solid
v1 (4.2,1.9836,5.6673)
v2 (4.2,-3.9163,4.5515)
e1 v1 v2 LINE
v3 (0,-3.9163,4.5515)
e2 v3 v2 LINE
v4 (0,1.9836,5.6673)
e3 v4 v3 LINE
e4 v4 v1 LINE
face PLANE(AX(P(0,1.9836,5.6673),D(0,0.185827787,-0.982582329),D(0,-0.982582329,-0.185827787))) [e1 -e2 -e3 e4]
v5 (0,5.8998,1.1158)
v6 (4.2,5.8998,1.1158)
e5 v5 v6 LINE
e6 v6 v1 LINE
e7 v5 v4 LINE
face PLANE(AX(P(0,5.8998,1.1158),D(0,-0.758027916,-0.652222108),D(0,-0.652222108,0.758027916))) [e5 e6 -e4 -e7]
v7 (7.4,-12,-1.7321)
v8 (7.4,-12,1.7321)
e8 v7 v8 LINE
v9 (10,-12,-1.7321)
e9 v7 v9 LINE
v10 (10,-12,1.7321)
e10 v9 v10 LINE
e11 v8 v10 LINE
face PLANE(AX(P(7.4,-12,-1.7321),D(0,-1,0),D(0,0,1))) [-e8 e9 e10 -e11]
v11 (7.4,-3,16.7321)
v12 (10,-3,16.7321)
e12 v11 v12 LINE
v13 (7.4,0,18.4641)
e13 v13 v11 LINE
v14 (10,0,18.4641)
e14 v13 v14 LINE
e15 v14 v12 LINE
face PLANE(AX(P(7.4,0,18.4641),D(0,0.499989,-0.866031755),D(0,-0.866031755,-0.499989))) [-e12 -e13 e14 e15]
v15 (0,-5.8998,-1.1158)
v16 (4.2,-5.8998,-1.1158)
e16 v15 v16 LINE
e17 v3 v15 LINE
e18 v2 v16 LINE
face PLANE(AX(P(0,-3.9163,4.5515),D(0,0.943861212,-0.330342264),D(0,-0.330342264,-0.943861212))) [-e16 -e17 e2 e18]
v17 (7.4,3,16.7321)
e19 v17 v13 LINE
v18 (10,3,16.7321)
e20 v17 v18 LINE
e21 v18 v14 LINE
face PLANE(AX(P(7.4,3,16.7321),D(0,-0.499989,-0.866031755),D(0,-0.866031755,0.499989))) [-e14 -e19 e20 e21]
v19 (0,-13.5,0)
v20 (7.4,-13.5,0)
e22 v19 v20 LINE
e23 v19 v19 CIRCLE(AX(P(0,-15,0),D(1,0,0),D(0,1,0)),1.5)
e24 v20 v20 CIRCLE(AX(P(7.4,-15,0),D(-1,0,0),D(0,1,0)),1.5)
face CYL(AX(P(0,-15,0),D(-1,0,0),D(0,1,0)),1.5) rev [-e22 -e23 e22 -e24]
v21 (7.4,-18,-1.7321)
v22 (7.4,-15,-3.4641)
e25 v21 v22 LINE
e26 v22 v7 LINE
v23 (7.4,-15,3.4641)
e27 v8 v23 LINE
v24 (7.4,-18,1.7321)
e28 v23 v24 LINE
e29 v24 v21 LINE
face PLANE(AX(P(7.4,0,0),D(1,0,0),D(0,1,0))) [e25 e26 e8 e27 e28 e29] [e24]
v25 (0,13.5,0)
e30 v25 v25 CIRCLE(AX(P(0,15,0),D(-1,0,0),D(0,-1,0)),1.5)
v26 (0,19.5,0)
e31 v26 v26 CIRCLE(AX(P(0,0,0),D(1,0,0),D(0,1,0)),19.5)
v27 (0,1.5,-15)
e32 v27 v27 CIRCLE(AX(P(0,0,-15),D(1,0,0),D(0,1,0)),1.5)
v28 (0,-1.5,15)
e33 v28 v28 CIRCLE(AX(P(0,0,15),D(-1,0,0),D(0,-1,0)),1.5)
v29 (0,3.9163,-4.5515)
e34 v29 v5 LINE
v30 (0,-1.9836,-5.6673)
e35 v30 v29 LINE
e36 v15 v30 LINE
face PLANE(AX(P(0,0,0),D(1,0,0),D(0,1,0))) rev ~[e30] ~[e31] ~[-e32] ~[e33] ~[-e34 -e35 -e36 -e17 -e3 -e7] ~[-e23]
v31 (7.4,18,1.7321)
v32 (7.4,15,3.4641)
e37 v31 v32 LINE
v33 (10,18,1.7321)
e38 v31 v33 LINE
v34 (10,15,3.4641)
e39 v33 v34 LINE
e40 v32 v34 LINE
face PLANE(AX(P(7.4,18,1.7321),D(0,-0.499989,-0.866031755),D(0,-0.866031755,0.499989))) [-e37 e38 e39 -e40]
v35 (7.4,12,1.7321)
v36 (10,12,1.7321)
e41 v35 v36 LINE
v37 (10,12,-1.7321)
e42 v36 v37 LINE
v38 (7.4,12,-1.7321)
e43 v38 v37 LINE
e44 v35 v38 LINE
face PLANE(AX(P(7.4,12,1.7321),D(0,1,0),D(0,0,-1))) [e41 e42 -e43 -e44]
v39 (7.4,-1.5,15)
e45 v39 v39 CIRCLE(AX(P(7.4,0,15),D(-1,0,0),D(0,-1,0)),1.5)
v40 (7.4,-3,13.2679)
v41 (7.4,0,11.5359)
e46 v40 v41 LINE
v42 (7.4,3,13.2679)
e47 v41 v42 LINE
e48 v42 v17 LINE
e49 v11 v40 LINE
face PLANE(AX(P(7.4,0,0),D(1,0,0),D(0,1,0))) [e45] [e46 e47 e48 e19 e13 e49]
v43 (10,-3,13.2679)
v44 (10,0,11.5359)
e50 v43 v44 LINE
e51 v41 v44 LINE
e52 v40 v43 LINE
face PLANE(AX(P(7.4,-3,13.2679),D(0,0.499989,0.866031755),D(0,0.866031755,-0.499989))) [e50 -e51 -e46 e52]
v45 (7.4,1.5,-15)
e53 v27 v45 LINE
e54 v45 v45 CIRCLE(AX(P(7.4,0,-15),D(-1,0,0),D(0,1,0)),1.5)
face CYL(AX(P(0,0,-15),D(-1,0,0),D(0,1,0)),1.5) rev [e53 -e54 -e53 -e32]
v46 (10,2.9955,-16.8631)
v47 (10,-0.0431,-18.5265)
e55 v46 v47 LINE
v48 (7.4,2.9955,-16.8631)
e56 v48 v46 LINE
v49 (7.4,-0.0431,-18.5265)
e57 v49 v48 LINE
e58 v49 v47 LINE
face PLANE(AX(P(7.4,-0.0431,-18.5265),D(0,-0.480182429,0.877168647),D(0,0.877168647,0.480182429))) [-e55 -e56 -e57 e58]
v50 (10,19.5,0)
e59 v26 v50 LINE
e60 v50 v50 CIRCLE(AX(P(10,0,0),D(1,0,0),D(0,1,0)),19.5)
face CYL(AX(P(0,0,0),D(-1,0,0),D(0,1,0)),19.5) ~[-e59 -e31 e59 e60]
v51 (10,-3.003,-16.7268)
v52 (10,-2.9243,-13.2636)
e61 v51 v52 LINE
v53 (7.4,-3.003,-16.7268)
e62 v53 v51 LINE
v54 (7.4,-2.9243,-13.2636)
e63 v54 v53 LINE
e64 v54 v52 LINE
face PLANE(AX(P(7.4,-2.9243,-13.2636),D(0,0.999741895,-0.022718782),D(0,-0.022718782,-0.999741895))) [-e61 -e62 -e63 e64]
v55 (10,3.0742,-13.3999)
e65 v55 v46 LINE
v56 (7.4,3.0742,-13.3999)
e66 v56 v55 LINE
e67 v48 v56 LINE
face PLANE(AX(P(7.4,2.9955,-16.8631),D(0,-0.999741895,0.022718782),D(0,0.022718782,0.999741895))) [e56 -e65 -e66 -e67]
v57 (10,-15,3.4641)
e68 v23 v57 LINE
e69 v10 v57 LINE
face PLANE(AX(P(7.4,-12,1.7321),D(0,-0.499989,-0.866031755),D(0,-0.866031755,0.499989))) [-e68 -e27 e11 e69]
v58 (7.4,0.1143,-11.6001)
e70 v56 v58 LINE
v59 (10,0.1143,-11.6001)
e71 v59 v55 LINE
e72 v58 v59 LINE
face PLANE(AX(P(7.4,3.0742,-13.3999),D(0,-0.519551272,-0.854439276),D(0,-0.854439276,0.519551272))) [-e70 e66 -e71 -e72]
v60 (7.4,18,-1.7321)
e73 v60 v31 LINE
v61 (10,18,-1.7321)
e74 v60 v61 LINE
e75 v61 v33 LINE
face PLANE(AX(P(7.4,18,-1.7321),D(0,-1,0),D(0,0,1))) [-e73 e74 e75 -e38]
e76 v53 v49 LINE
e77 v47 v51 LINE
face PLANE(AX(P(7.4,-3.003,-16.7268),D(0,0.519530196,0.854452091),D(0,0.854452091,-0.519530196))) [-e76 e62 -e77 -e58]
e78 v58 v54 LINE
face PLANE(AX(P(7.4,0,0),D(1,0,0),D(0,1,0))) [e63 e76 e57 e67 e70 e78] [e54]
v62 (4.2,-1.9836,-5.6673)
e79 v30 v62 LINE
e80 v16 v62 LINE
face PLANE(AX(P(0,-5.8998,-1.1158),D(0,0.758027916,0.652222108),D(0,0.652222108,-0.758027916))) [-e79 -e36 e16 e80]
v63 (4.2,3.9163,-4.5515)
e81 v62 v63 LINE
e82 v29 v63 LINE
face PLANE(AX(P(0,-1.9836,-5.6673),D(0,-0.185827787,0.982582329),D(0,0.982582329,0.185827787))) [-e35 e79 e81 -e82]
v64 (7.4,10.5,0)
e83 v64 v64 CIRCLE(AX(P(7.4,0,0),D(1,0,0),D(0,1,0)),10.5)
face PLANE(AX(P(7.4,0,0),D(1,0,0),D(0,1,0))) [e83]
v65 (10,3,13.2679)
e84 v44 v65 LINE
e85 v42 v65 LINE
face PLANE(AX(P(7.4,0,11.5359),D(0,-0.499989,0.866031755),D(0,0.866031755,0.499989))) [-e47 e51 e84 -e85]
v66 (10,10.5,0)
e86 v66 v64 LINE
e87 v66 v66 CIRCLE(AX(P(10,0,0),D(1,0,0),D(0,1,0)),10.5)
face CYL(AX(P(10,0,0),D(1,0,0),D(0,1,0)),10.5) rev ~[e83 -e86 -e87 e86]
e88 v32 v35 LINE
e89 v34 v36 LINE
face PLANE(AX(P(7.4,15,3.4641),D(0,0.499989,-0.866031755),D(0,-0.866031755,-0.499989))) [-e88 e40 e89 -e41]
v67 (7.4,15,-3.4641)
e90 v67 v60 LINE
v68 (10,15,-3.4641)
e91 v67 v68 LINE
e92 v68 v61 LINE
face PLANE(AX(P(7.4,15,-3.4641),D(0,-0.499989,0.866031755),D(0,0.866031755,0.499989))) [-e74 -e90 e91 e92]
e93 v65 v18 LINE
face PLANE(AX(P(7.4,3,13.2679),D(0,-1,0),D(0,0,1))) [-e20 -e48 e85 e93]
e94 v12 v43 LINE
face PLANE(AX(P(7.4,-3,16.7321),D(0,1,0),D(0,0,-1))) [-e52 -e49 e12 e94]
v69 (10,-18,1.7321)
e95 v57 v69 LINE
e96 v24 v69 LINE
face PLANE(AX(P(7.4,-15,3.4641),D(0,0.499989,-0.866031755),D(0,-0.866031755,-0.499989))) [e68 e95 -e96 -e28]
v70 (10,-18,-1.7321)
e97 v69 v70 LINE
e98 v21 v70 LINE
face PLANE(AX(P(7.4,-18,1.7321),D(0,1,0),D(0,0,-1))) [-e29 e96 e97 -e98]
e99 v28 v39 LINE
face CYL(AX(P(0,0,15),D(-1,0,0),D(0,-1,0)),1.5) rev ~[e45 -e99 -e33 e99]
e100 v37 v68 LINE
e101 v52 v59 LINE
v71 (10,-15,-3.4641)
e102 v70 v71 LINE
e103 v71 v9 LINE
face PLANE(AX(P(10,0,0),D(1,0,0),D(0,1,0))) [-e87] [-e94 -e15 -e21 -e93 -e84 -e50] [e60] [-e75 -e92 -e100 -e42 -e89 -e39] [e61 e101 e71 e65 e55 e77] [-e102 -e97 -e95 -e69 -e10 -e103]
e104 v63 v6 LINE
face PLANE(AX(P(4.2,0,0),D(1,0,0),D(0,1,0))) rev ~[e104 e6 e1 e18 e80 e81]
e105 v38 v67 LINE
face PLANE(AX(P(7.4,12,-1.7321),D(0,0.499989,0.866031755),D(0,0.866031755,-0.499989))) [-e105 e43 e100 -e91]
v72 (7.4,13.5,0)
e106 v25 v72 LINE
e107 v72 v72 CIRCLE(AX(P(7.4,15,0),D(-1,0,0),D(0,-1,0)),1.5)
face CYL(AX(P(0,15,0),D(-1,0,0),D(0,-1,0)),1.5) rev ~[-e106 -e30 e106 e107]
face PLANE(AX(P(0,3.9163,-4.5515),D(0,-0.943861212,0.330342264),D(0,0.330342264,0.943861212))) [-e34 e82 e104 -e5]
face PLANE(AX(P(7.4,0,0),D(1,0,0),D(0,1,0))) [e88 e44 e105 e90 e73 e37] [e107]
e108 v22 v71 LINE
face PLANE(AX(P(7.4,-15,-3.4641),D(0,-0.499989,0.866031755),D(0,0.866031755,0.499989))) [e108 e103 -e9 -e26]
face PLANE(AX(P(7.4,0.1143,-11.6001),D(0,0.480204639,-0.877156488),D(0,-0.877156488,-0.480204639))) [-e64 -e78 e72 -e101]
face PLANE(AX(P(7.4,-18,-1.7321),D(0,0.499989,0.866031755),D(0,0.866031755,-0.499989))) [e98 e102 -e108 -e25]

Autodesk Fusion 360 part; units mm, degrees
sketch "Sketch1" plane through (0, 0, 0) normal (1, 0, 0) x (0, 1, 0)
  circle A0 centre (0, 0) radius 19.5
  dimension "d1" = 39
extrude "Extrude1" add sketch "Sketch1" along normal blind 10
sketch "Sketch2" plane through (0, 0, 0) normal (1, 0, 0) x (0, 1, 0)
  line L0 (5.8998, 1.1158) -> (1.9836, 5.6673)
  line L1 (1.9836, 5.6673) -> (-3.9163, 4.5515)
  line L2 (-3.9163, 4.5515) -> (-5.8998, -1.1158)
  line L3 (-5.8998, -1.1158) -> (-1.9836, -5.6673)
  line L4 (-1.9836, -5.6673) -> (3.9163, -4.5515)
  line L5 (3.9163, -4.5515) -> (5.8998, 1.1158)
  dimension "d4" = 5.2
extrude "Extrude2" cut sketch "Sketch2" along normal blind 4.2
sketch "Sketch3" plane through (10, 0, 0) normal (1, 0, 0) x (0, 1, 0)
  circle A0 centre (0, 0) radius 19.5
  circle A1 centre (0, 0) radius 10.5
  dimension "d7" = 21
extrude "Extrude3" cut sketch "Sketch3" against normal blind 2.6 contours A1
sketch "Sketch4" plane through (0, 0, 0) normal (1, 0, 0) x (0, 1, 0)
sketch "Sketch5" plane through (0, 0, 0) normal (1, 0, 0) x (0, 1, 0)
  circle A0 centre (0, -15) radius 1.5
  dimension "d10" = 3
sketch "Sketch6" plane through (0, 0, 0) normal (1, 0, 0) x (0, 1, 0)
  circle A0 centre (-14, 0) radius 1.5
  circle A1 centre (0, 14) radius 1.5
  circle A2 centre (14, 0) radius 1.5
  dimension "d13" = 3
  dimension "d14" = 3
  dimension "d15" = 3
sketch "Sketch7" plane through (0, 0, 0) normal (-1, 0, 0) x (0, -1, 0)
  line L0 (1.9836, -5.6673) -> (-3.9163, -4.5515)
  line L1 (-3.9163, -4.5515) -> (-5.8998, 1.1158)
  line L2 (-5.8998, 1.1158) -> (-1.9836, 5.6673)
  line L3 (-1.9836, 5.6673) -> (3.9163, 4.5515)
  line L4 (3.9163, 4.5515) -> (5.8998, -1.1158)
  line L5 (5.8998, -1.1158) -> (1.9836, -5.6673)
  circle A0 centre (0, 0) radius 19.5
  circle A1 centre (0, 15) radius 1.5
  circle A2 centre (-15, 0) radius 1.5
  point P0 (-15, 0)
  dimension "d18" = 3
  dimension "d28" = 3
sketch "Sketch8" plane through (0, 0, 0) normal (1, 0, 0) x (0, 1, 0)
  circle A0 centre (-15, 0) radius 1.5
  dimension "d21" = 3
extrude "Extrude7" cut sketch "Sketch8" along normal blind 12
extrude "Extrude8" cut sketch "Sketch5" along normal blind 15
extrude "Extrude9" cut sketch "Sketch7" against normal blind 15 contours A1
extrude "Extrude10" cut sketch "Sketch7" against normal blind 15 contours A2
sketch "Sketch10" plane through (7.4, 0, 0) normal (1, 0, 0) x (0, 1, 0)
  circle A0 centre (0, 0) radius 10.5
  line L0 (-3.003, -16.7268) -> (-0.0431, -18.5265)
  line L1 (-0.0431, -18.5265) -> (2.9955, -16.8631)
  line L2 (2.9955, -16.8631) -> (3.0742, -13.3999)
  line L3 (3.0742, -13.3999) -> (0.1143, -11.6001)
  line L4 (0.1143, -11.6001) -> (-2.9243, -13.2636)
  line L5 (-2.9243, -13.2636) -> (-3.003, -16.7268)
  point P0 (0.0356, -15.0633)
  dimension "d32" = 3
extrude "Extrude11" cut sketch "Sketch10" along normal blind 2600 contours L0 L1 L2 L3 L4 L5
sketch "Sketch11" plane through (7.4, 0, 0) normal (1, 0, 0) x (0, 1, 0)
  circle A0 centre (0, 0) radius 10.5
  line L0 (-18, -1.7321) -> (-15, -3.4641)
  line L1 (-15, -3.4641) -> (-12, -1.7321)
  line L2 (-12, -1.7321) -> (-12, 1.7321)
  line L3 (-12, 1.7321) -> (-15, 3.4641)
  line L4 (-15, 3.4641) -> (-18, 1.7321)
  line L5 (-18, 1.7321) -> (-18, -1.7321)
  point P0 (-15, 0)
  dimension "d35" = 3
extrude "Extrude12" cut sketch "Sketch11" along normal blind 2.6 contours L0 L1 L2 L3 L4 L5
sketch "Sketch13" plane through (7.4, 0, 0) normal (1, 0, 0) x (0, 1, 0)
  circle A0 centre (0, 0) radius 10.5
  line L0 (3, 16.7321) -> (0, 18.4641)
  line L1 (0, 18.4641) -> (-3, 16.7321)
  line L2 (-3, 16.7321) -> (-3, 13.2679)
  line L3 (-3, 13.2679) -> (0, 11.5359)
  line L4 (0, 11.5359) -> (3, 13.2679)
  line L5 (3, 13.2679) -> (3, 16.7321)
  point P0 (0, 15)
  dimension "d39" = 3
extrude "Extrude13" cut sketch "Sketch13" along normal blind 2.6 contours L0 L1 L2 L3 L4 L5
sketch "Sketch14" plane through (7.4, 0, 0) normal (1, 0, 0) x (0, 1, 0)
  circle A0 centre (0, 0) radius 10.5
  line L0 (12, -1.7321) -> (15, -3.4641)
  line L1 (15, -3.4641) -> (18, -1.7321)
  line L2 (18, -1.7321) -> (18, 1.7321)
  line L3 (18, 1.7321) -> (15, 3.4641)
  line L4 (15, 3.4641) -> (12, 1.7321)
  line L5 (12, 1.7321) -> (12, -1.7321)
  point P0 (15, 0)
extrude "Extrude14" cut sketch "Sketch14" along normal blind 2.6 contours L0 L1 L2 L3 L4 L5
sketch "Sketch15" plane through (7.4, 0, 0) normal (1, 0, 0) x (0, 1, 0)
